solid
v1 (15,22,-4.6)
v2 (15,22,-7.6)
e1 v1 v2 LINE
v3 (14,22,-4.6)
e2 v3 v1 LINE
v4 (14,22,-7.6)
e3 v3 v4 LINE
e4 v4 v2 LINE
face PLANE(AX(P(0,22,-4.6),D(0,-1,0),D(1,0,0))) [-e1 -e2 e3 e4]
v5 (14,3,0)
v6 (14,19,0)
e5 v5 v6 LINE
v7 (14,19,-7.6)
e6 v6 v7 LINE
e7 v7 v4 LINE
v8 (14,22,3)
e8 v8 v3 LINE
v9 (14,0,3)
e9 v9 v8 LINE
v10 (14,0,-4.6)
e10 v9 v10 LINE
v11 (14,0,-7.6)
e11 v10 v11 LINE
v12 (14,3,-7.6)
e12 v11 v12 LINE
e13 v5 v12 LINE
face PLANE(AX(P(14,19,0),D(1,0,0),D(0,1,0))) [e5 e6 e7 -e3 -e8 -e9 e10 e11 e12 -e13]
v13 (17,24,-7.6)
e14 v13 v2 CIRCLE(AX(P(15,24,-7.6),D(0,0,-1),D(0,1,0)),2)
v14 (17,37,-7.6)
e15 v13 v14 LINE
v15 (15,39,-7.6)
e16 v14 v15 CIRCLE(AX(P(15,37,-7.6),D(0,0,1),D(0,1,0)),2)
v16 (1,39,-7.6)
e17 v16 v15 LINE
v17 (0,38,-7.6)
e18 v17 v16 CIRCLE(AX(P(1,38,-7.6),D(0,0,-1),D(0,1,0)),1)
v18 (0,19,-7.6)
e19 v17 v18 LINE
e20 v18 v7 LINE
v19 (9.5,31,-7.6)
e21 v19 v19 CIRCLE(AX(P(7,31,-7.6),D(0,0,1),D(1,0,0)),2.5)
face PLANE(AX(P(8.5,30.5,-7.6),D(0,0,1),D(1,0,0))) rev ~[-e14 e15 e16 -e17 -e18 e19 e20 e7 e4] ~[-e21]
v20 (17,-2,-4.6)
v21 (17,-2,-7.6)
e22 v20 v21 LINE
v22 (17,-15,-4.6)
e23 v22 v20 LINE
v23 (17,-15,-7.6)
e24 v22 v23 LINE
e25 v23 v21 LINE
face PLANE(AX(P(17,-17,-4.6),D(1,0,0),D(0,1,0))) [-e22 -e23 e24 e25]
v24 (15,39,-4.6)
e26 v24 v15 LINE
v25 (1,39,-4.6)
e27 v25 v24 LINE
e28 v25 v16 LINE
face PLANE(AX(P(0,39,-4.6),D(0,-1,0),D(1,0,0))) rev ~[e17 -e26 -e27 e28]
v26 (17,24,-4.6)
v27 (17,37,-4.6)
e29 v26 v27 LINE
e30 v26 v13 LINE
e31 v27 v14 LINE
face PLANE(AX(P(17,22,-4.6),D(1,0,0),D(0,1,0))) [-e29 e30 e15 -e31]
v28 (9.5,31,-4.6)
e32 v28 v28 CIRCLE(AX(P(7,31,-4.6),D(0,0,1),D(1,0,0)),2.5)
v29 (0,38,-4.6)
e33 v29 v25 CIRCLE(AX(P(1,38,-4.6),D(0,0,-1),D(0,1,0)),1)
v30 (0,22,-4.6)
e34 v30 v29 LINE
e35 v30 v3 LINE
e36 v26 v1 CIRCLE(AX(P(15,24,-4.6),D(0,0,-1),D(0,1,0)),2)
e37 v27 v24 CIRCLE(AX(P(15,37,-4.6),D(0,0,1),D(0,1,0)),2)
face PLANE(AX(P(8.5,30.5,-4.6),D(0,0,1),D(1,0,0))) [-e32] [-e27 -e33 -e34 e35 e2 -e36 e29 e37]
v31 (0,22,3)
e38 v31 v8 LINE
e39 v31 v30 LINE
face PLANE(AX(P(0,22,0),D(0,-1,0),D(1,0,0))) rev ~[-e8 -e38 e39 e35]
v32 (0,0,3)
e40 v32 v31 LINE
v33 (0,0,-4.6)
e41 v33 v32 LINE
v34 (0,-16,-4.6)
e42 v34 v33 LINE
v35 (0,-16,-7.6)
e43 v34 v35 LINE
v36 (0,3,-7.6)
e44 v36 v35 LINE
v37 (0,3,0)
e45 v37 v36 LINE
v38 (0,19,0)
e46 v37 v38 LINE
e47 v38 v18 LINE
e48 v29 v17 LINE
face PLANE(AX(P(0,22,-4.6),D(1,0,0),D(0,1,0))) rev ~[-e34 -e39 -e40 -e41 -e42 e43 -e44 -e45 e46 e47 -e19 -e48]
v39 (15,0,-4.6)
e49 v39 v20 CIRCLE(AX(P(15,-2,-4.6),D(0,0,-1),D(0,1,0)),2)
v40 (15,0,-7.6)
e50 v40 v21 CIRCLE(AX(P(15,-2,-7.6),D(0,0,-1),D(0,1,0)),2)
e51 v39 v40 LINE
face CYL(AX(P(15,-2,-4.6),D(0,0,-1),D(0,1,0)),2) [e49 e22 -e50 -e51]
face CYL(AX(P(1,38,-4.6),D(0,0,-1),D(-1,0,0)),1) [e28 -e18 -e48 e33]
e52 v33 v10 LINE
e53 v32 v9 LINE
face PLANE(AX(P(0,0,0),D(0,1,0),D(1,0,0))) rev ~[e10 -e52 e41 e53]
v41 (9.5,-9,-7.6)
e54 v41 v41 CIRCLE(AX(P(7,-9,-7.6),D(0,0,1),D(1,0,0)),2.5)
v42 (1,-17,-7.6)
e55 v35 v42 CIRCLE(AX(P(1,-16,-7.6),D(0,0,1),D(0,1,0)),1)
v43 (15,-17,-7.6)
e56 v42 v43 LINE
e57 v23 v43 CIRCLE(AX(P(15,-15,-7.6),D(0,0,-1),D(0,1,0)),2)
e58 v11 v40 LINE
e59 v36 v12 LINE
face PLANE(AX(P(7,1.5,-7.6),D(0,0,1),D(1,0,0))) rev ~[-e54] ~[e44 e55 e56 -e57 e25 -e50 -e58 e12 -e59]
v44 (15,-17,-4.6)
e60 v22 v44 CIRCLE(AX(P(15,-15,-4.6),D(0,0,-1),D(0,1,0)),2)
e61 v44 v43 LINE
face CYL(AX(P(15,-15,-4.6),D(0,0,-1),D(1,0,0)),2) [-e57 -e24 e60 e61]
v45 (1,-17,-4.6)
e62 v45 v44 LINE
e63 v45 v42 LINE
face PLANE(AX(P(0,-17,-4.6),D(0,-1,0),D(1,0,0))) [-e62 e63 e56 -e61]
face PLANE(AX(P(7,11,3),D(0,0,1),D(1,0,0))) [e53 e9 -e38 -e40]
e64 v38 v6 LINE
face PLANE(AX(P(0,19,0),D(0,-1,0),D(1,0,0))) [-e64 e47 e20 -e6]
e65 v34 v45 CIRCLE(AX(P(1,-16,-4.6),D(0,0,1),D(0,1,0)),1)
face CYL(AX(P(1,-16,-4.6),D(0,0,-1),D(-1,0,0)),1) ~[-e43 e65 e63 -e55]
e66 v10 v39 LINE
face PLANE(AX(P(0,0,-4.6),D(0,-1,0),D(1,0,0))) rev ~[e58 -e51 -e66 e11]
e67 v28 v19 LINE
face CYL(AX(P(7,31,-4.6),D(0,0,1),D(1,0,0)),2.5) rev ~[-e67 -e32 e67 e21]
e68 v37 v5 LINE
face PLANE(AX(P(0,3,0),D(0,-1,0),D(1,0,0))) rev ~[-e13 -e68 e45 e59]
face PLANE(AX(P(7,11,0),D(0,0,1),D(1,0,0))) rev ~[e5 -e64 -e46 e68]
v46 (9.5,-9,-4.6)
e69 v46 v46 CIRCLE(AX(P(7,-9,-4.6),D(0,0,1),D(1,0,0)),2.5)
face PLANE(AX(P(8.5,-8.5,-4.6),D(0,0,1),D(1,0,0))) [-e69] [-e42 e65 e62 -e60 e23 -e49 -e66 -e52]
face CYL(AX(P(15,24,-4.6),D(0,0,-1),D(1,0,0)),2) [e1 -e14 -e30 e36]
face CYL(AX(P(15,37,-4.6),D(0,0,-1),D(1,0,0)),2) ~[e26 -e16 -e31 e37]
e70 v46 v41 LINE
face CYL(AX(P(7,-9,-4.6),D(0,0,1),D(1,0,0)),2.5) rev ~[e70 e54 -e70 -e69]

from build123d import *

# Parameters (mm, degrees)
SKETCH_W     = 14
SKETCH_H     = 22
PAD_DEPTH    = 3
SKETCH001_W  = 14
SKETCH001_H  = 3
PAD001_DEPTH = 7.6
SKETCH002_W  = 17
SKETCH002_H  = 17
SKETCH002_R  = 2.5
PAD002_DEPTH = 3
FILLET_R     = 2
FILLET001_R  = 1


with BuildPart() as part:
    # Sketch → Pad (new body)
    with BuildSketch(Plane.XY):
        with Locations((7, 11)):
            Rectangle(SKETCH_W, SKETCH_H)
    extrude(amount=PAD_DEPTH)

    # Sketch001 → Pad001 (join)
    with BuildSketch(Plane.XY):
        with Locations((7, 20.5)):
            Rectangle(SKETCH001_W, SKETCH001_H)
        with Locations((7, 1.5)):
            Rectangle(SKETCH001_W, SKETCH001_H)
    extrude(amount=-PAD001_DEPTH)

    # Sketch002 → Pad002 (join)
    with BuildSketch(Plane.XY.offset(-4.6)):
        with Locations((8.5, 30.5)):
            Rectangle(SKETCH002_W, SKETCH002_H)
        with Locations((7, 31)):
            Circle(SKETCH002_R, mode=Mode.SUBTRACT)
        with Locations((8.5, -8.5)):
            Rectangle(SKETCH002_W, SKETCH002_H)
        with Locations((7, -9)):
            Circle(SKETCH002_R, mode=Mode.SUBTRACT)
    extrude(amount=-PAD002_DEPTH)

    # Fillet
    fillet_edges = [part.edges().sort_by_distance(p)[0] for p in [
        (17, -17, -6.1),
        (17, 0, -6.1),
        (17, 22, -6.1),
        (17, 39, -6.1),
    ]]
    fillet(fillet_edges, radius=FILLET_R)

    # Fillet001
    fillet001_edges = [part.edges().sort_by_distance(p)[0] for p in [
        (0, -17, -6.1),
        (0, 39, -6.1),
    ]]
    fillet(fillet001_edges, radius=FILLET001_R)


solid = part.part
